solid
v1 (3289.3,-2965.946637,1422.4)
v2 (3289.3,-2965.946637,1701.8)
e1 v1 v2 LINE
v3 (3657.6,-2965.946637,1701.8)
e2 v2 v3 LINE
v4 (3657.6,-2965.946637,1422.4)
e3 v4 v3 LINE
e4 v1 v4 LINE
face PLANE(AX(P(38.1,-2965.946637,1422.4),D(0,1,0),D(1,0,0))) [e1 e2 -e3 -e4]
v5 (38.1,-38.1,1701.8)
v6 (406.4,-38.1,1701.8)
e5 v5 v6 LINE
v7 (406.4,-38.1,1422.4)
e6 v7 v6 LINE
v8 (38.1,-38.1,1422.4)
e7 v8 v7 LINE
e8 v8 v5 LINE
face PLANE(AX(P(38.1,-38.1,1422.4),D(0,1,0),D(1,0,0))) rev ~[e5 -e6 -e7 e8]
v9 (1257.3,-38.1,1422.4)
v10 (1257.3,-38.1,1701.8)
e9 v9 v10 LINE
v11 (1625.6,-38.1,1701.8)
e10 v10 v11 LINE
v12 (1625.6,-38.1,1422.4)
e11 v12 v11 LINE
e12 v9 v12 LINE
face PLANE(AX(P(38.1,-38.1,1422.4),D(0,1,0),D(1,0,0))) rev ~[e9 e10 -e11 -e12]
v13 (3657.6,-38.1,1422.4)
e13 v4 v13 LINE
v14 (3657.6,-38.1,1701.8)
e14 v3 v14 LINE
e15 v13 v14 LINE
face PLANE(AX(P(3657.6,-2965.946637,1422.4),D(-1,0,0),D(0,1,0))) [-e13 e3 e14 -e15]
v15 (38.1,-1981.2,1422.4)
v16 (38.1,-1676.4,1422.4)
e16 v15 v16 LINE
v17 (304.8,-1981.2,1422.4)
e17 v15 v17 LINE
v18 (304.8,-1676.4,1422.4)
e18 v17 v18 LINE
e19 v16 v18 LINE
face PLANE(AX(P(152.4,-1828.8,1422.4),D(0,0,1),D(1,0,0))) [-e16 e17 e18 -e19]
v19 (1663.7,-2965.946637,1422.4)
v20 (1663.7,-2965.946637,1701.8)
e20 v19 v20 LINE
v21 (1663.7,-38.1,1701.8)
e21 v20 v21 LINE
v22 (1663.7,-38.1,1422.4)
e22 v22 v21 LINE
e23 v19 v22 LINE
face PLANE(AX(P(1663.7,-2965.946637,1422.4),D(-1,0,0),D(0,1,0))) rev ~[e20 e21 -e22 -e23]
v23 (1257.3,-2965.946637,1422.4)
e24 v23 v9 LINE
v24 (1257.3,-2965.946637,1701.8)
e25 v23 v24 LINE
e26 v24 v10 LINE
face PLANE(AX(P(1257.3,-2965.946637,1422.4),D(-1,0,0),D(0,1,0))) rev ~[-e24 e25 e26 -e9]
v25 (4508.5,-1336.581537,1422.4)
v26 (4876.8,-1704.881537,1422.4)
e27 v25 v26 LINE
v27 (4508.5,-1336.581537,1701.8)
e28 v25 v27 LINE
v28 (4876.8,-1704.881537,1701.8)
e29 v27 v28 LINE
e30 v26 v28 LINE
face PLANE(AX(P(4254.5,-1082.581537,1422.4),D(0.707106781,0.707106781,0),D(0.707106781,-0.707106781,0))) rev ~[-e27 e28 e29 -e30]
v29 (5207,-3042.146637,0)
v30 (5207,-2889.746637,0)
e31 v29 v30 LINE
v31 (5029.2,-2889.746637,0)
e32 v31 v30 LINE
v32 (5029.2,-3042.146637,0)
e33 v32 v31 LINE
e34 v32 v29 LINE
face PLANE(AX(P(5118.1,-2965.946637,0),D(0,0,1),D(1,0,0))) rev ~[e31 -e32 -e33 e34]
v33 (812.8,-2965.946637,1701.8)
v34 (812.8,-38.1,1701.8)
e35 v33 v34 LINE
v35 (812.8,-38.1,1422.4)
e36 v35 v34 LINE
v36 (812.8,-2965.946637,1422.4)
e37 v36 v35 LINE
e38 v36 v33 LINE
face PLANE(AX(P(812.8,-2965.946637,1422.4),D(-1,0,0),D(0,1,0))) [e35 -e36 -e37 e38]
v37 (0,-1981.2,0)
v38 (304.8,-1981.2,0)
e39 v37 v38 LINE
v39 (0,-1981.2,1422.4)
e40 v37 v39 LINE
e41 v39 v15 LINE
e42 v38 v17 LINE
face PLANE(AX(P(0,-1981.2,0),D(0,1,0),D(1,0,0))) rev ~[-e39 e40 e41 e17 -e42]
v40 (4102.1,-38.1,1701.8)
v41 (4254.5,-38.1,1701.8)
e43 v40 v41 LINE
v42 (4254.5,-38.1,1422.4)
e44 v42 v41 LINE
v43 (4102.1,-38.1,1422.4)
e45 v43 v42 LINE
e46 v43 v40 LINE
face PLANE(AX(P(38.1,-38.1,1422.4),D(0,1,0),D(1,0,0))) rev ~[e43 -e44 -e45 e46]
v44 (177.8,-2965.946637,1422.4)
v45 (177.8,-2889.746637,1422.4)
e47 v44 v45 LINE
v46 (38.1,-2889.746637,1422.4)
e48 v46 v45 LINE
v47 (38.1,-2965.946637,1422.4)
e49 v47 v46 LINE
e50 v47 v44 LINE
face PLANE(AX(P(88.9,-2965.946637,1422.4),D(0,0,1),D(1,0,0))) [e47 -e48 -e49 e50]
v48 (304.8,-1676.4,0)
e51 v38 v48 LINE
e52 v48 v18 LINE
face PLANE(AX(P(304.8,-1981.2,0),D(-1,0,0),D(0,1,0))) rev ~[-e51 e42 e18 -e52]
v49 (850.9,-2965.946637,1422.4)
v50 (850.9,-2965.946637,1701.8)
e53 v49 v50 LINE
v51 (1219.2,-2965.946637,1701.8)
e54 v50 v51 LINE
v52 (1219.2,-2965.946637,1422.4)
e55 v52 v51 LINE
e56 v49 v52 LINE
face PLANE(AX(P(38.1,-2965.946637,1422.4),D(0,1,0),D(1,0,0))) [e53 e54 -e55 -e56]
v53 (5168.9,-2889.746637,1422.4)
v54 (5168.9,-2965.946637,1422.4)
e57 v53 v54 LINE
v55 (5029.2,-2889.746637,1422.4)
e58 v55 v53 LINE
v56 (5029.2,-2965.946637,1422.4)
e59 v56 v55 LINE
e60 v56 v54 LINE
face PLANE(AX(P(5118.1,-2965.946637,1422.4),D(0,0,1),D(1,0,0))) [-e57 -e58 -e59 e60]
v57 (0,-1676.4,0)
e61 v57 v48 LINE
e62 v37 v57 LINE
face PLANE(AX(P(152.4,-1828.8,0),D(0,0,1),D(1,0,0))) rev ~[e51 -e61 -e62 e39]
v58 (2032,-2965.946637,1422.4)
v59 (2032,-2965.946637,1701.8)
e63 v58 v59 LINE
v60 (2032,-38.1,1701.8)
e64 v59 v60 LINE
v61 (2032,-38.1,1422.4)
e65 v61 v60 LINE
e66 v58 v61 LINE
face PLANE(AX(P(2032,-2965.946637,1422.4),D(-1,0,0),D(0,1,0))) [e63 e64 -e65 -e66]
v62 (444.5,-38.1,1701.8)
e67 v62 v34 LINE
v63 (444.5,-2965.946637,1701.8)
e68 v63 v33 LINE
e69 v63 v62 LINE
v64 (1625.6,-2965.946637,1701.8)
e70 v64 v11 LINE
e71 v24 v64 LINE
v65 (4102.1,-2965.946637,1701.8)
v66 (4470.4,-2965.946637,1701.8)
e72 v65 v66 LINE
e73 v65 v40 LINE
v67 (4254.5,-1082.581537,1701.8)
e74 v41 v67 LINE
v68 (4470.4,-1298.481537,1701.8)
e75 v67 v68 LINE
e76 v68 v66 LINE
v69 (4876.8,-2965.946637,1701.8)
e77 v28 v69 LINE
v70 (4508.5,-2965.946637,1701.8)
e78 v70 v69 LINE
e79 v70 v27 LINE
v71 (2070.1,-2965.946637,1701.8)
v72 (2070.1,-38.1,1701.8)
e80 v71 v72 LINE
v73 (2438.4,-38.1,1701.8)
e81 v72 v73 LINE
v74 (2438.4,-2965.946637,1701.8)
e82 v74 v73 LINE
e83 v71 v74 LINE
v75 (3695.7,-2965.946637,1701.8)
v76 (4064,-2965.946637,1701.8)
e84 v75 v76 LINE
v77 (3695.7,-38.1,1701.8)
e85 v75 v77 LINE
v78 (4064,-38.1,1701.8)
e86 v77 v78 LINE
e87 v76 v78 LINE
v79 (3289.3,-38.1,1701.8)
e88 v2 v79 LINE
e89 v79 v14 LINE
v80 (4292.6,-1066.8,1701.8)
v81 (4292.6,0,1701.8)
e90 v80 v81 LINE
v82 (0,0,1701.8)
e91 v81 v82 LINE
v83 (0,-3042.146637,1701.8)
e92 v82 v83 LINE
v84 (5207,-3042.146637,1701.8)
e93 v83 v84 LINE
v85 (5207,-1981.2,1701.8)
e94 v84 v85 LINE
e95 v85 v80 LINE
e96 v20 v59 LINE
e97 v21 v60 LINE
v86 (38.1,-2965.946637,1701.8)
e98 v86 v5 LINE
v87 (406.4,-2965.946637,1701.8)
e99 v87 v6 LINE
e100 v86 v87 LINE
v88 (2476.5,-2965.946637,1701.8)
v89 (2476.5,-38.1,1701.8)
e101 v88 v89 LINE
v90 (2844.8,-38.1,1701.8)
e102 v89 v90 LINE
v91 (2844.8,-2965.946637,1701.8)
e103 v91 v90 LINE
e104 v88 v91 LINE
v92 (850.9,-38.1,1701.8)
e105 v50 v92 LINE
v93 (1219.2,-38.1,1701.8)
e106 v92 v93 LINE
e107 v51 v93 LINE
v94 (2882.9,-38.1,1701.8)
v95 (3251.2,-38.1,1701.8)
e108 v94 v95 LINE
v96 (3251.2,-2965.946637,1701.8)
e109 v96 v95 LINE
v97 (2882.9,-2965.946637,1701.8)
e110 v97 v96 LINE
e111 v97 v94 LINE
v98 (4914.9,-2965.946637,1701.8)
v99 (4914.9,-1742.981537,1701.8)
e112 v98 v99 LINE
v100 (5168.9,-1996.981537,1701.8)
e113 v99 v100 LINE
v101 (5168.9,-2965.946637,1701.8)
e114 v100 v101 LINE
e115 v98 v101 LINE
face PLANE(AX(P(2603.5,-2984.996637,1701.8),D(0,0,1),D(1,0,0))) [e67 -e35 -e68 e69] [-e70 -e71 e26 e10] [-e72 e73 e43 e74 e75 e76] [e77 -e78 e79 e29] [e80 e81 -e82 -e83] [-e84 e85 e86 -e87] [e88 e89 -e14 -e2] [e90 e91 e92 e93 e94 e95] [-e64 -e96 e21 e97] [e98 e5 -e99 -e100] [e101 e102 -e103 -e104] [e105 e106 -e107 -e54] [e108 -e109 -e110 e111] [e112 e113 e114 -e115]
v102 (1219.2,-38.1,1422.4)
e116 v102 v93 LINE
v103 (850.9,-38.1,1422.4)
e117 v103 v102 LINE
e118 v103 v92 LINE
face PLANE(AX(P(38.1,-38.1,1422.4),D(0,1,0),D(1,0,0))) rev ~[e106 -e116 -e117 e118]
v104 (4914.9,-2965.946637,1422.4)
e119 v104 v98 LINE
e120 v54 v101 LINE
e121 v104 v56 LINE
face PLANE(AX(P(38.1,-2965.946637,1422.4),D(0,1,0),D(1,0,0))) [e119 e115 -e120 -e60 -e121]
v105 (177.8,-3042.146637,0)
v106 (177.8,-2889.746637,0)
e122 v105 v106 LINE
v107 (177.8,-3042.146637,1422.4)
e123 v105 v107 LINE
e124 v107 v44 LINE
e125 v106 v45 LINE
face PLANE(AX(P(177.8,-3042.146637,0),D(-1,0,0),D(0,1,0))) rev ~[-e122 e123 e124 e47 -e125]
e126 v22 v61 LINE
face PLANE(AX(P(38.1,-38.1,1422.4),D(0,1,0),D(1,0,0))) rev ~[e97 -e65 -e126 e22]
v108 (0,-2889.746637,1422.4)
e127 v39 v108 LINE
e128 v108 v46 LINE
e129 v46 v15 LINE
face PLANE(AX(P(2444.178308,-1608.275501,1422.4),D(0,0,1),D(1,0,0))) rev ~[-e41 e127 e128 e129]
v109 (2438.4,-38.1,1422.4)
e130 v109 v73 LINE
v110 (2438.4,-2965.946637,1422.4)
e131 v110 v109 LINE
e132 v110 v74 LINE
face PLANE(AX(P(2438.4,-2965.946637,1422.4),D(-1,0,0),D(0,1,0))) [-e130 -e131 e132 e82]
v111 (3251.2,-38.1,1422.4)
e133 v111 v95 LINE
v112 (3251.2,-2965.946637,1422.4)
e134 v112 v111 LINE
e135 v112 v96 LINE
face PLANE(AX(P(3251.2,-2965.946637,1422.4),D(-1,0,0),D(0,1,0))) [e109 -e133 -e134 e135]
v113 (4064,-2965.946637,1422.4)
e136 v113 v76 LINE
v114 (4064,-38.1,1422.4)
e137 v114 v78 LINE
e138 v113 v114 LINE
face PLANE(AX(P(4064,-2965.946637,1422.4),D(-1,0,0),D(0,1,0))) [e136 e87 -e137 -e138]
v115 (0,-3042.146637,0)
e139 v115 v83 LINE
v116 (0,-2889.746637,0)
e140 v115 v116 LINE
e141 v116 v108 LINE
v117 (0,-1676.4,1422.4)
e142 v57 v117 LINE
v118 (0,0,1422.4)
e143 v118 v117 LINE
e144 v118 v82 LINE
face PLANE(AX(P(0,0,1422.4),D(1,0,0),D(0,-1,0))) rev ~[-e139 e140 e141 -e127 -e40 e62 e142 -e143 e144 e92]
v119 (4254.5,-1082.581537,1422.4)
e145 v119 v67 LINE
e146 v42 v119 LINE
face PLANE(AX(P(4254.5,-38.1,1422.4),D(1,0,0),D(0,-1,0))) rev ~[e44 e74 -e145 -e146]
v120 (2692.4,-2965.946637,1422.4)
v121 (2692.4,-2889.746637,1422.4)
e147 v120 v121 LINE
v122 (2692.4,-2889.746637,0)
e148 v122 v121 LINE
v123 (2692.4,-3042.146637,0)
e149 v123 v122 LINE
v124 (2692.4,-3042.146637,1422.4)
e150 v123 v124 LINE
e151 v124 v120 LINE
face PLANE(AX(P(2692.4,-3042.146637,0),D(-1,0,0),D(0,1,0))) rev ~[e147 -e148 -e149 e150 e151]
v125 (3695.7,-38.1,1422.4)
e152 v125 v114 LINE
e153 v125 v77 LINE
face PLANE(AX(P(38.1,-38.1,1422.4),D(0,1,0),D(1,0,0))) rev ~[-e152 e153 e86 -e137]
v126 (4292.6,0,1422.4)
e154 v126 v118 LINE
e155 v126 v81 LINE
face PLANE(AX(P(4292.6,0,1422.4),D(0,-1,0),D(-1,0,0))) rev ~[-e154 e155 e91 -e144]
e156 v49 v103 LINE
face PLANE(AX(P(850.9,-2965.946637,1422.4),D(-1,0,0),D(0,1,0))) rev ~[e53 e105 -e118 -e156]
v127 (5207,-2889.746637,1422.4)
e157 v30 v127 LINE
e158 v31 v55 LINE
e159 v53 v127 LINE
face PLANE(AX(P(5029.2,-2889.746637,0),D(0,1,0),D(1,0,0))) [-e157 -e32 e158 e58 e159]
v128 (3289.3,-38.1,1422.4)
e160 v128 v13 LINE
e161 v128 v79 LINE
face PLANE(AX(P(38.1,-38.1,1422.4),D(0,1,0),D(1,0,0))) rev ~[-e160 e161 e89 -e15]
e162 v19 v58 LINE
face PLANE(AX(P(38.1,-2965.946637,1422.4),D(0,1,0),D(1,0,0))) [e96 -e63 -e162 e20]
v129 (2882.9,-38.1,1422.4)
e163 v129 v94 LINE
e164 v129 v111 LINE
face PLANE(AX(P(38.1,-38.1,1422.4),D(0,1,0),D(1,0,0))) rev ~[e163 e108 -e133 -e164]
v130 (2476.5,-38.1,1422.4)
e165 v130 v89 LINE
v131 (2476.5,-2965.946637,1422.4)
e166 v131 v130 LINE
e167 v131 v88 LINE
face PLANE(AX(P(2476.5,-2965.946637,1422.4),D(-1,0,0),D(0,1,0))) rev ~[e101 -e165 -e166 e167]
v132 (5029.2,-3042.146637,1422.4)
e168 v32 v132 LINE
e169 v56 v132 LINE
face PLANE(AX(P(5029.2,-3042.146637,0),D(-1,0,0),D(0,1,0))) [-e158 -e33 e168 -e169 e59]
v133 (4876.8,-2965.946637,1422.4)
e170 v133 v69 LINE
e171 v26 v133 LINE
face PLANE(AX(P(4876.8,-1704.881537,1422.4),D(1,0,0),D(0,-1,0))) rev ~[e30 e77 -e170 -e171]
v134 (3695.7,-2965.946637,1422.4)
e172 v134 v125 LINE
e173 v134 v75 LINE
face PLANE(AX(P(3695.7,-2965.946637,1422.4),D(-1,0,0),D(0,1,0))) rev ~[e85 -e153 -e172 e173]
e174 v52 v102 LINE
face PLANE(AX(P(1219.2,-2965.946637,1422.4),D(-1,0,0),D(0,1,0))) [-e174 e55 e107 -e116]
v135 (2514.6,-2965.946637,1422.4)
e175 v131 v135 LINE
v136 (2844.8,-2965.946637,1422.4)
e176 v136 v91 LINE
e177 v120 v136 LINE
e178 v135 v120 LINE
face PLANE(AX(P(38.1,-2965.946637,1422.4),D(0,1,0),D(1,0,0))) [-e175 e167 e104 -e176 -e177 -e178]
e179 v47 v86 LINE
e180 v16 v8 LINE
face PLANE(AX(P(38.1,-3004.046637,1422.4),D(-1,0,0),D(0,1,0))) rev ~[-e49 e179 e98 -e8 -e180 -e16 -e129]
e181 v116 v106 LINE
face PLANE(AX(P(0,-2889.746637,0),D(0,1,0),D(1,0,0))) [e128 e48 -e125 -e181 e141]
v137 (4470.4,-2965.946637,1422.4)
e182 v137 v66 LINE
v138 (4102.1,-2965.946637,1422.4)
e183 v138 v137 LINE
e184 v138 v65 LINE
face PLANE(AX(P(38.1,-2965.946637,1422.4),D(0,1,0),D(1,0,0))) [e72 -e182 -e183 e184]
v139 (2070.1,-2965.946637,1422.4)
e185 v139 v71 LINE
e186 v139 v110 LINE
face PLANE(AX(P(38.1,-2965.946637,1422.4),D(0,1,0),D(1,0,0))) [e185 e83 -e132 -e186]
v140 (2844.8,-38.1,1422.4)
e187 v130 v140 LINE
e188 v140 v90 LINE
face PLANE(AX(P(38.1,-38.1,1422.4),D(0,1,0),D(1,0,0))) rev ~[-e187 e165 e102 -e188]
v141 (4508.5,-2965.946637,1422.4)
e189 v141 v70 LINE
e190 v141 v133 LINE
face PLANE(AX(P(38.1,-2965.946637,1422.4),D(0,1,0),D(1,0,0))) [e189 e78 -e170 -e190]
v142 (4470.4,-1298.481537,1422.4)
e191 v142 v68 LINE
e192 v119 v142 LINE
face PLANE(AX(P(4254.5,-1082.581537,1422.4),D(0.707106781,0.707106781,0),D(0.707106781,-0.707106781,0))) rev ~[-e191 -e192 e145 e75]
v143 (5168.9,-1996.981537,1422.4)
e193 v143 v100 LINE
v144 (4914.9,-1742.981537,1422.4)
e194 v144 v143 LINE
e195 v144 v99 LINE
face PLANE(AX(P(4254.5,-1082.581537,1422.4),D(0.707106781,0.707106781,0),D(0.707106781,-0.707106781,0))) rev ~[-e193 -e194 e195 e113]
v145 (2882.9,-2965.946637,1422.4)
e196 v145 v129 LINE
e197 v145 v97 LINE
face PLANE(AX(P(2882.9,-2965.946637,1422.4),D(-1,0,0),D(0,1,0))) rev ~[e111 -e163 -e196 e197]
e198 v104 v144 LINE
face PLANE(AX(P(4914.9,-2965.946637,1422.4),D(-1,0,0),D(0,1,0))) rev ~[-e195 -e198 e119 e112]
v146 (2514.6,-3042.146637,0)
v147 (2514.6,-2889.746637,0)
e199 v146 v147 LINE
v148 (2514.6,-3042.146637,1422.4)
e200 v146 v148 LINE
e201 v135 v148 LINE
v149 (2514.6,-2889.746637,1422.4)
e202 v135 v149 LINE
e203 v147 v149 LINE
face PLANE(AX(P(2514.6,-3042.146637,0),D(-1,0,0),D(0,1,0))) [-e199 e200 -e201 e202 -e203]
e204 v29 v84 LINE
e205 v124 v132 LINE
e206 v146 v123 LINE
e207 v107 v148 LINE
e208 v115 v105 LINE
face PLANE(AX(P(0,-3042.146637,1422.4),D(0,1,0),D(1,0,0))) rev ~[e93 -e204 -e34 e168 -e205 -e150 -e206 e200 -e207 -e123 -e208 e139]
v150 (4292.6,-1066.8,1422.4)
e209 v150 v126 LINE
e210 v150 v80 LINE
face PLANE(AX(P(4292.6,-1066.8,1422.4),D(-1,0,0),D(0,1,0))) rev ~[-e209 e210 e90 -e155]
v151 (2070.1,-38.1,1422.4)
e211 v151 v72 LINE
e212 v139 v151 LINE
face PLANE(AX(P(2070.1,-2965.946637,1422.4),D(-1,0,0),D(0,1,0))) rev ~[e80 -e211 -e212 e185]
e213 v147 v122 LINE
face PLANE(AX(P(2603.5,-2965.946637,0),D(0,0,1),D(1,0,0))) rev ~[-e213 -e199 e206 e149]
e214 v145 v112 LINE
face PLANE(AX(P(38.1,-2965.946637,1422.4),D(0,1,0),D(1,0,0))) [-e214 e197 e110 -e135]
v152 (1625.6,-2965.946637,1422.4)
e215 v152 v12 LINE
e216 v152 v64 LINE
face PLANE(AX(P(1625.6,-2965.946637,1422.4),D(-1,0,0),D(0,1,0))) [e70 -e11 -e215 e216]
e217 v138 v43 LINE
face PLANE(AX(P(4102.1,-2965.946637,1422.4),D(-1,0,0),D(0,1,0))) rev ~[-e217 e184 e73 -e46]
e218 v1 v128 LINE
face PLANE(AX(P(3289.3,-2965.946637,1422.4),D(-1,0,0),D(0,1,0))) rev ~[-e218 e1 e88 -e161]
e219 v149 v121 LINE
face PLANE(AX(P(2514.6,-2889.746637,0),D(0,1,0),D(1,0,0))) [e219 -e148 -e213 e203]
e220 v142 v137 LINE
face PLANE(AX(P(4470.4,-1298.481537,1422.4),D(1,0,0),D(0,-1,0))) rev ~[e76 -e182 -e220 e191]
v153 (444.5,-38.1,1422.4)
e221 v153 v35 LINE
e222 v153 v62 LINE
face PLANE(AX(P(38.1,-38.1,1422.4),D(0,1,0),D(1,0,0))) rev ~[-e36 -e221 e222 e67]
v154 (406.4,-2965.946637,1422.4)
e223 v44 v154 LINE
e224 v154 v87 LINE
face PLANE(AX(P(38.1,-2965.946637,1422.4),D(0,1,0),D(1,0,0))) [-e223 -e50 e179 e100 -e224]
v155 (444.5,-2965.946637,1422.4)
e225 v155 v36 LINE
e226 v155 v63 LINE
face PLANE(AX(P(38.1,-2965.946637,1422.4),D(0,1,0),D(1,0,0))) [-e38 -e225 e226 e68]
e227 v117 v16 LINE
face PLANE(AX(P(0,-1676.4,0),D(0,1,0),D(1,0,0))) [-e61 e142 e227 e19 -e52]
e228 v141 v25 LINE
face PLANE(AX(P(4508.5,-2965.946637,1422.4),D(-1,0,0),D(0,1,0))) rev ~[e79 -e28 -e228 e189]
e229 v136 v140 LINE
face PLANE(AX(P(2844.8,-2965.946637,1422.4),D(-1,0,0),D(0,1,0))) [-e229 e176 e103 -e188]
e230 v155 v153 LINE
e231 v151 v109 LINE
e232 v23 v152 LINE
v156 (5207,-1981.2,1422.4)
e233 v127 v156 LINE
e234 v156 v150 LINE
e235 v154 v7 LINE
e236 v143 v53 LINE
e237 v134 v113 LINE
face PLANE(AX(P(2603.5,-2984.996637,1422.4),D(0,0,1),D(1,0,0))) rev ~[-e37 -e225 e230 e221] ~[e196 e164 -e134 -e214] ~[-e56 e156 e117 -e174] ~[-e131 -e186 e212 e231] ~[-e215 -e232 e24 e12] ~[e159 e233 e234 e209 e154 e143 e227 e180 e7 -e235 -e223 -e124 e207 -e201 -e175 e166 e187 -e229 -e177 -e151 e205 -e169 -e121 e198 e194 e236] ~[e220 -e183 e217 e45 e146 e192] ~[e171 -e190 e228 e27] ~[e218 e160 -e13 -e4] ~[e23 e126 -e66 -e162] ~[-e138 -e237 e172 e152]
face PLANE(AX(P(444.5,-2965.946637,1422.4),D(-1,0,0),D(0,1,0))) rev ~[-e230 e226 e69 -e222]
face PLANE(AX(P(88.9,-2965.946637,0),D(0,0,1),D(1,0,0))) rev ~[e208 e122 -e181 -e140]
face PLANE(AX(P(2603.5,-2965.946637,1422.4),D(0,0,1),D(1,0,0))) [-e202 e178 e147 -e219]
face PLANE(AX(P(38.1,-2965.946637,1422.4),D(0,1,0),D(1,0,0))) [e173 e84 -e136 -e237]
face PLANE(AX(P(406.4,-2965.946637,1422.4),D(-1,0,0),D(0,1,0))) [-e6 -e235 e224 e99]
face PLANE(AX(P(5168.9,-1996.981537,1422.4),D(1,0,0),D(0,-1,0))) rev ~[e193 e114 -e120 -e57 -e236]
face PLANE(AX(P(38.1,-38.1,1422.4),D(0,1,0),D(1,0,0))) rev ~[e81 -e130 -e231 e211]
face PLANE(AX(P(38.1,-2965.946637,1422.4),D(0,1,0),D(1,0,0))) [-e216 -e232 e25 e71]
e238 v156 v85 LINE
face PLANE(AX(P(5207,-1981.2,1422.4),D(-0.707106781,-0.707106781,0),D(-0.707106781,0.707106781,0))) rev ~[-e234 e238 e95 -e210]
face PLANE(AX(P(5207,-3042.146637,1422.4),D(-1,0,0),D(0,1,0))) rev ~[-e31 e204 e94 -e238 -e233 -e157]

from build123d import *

# Parameters (mm, degrees)
F0_W     = 304.8
F0_H     = 304.8
F1_DEPTH = 1422.4
F0_W_2   = 177.8
F0_H_2   = 152.4
F3_DEPTH = 279.4
F4_W     = 5130.8
F4_H     = 38.1
F5_DEPTH = 279.4
F6_W     = 38.1
F6_H     = 2927.8466365912
F7_DEPTH = 279.4


with BuildPart() as f1:
    # F0 (on Top) → F1 (new body)
    with BuildSketch(Plane.XY):
        with Locations((152.4, -1828.8)):
            Rectangle(F0_W, F0_H)
    extrude(amount=F1_DEPTH)



with BuildPart() as f1b:
    # F0 (on Top) → F1, piece 2 (new body)
    with BuildSketch(Plane.XY):
        with Locations((88.9, -2965.9466365912)):
            Rectangle(F0_W_2, F0_H_2)
    extrude(amount=F1_DEPTH)


with BuildPart() as f1c:
    # F0 (on Top) → F1, piece 3 (new body)
    with BuildSketch(Plane.XY):
        with Locations((2603.5, -2965.9466365912)):
            Rectangle(F0_W_2, F0_H_2)
    extrude(amount=F1_DEPTH)


with BuildPart() as f1d:
    # F0 (on Top) → F1, piece 4 (new body)
    with BuildSketch(Plane.XY):
        with Locations((5118.1, -2965.9466365912)):
            Rectangle(F0_W_2, F0_H_2)
    extrude(amount=F1_DEPTH)


with BuildPart() as f1_1:
    add(f1.part)

    add(f1b.part)  # F3 merges F1b

    add(f1c.part)  # F3 merges F1c

    add(f1d.part)  # F3 merges F1d
    # F2 (on face) → F3 (join)
    with BuildSketch(Plane.XY.offset(1422.4)):
        Polygon((4292.6, 0), (0, 0), (0, -3042.1466365912), (5207, -3042.1466365912), (5207, -1981.2), (4292.6, -1066.8), align=None)
        Polygon((38.1, -38.1), (4254.5, -38.1), (4254.5, -1082.5815367264), (5168.9, -1996.9815367264), (5168.9, -3004.0466365912), (38.1, -3004.0466365912), align=None, mode=Mode.SUBTRACT)
    extrude(amount=F3_DEPTH)

    # F4 (on face) → F5 (join, through all)
    with BuildSketch(Plane.XY.offset(1422.4)):
        with Locations((2603.5, -2984.9966365912)):
            Rectangle(F4_W, F4_H)
    extrude(amount=F5_DEPTH)

    # F6 (on face) → F7 (join, through all)
    with BuildSketch(Plane.XY.offset(1422.4)):
        with Locations((425.45, -1502.0233182956)):
            Rectangle(F6_W, F6_H)
        with Locations((831.85, -1502.0233182956)):
            Rectangle(F6_W, F6_H)
        with Locations((1238.25, -1502.0233182956)):
            Rectangle(F6_W, F6_H)
        with Locations((1644.65, -1502.0233182956)):
            Rectangle(F6_W, F6_H)
        with Locations((2051.05, -1502.0233182956)):
            Rectangle(F6_W, F6_H)
        with Locations((2457.45, -1502.0233182956)):
            Rectangle(F6_W, F6_H)
        with Locations((2863.85, -1502.0233182956)):
            Rectangle(F6_W, F6_H)
        with Locations((3270.25, -1502.0233182956)):
            Rectangle(F6_W, F6_H)
        with Locations((3676.65, -1502.0233182956)):
            Rectangle(F6_W, F6_H)
        with Locations((4083.05, -1502.0233182956)):
            Rectangle(F6_W, F6_H)
        Polygon((4470.4, -1298.4815367264), (4470.4, -2965.9466365912), (4508.5, -2965.9466365912), (4508.5, -1336.5815367264), align=None)
        Polygon((4876.8, -1704.8815367264), (4876.8, -2965.9466365912), (4914.9, -2965.9466365912), (4914.9, -1742.9815367264), align=None)
    extrude(amount=F7_DEPTH)


solid = f1_1.part
